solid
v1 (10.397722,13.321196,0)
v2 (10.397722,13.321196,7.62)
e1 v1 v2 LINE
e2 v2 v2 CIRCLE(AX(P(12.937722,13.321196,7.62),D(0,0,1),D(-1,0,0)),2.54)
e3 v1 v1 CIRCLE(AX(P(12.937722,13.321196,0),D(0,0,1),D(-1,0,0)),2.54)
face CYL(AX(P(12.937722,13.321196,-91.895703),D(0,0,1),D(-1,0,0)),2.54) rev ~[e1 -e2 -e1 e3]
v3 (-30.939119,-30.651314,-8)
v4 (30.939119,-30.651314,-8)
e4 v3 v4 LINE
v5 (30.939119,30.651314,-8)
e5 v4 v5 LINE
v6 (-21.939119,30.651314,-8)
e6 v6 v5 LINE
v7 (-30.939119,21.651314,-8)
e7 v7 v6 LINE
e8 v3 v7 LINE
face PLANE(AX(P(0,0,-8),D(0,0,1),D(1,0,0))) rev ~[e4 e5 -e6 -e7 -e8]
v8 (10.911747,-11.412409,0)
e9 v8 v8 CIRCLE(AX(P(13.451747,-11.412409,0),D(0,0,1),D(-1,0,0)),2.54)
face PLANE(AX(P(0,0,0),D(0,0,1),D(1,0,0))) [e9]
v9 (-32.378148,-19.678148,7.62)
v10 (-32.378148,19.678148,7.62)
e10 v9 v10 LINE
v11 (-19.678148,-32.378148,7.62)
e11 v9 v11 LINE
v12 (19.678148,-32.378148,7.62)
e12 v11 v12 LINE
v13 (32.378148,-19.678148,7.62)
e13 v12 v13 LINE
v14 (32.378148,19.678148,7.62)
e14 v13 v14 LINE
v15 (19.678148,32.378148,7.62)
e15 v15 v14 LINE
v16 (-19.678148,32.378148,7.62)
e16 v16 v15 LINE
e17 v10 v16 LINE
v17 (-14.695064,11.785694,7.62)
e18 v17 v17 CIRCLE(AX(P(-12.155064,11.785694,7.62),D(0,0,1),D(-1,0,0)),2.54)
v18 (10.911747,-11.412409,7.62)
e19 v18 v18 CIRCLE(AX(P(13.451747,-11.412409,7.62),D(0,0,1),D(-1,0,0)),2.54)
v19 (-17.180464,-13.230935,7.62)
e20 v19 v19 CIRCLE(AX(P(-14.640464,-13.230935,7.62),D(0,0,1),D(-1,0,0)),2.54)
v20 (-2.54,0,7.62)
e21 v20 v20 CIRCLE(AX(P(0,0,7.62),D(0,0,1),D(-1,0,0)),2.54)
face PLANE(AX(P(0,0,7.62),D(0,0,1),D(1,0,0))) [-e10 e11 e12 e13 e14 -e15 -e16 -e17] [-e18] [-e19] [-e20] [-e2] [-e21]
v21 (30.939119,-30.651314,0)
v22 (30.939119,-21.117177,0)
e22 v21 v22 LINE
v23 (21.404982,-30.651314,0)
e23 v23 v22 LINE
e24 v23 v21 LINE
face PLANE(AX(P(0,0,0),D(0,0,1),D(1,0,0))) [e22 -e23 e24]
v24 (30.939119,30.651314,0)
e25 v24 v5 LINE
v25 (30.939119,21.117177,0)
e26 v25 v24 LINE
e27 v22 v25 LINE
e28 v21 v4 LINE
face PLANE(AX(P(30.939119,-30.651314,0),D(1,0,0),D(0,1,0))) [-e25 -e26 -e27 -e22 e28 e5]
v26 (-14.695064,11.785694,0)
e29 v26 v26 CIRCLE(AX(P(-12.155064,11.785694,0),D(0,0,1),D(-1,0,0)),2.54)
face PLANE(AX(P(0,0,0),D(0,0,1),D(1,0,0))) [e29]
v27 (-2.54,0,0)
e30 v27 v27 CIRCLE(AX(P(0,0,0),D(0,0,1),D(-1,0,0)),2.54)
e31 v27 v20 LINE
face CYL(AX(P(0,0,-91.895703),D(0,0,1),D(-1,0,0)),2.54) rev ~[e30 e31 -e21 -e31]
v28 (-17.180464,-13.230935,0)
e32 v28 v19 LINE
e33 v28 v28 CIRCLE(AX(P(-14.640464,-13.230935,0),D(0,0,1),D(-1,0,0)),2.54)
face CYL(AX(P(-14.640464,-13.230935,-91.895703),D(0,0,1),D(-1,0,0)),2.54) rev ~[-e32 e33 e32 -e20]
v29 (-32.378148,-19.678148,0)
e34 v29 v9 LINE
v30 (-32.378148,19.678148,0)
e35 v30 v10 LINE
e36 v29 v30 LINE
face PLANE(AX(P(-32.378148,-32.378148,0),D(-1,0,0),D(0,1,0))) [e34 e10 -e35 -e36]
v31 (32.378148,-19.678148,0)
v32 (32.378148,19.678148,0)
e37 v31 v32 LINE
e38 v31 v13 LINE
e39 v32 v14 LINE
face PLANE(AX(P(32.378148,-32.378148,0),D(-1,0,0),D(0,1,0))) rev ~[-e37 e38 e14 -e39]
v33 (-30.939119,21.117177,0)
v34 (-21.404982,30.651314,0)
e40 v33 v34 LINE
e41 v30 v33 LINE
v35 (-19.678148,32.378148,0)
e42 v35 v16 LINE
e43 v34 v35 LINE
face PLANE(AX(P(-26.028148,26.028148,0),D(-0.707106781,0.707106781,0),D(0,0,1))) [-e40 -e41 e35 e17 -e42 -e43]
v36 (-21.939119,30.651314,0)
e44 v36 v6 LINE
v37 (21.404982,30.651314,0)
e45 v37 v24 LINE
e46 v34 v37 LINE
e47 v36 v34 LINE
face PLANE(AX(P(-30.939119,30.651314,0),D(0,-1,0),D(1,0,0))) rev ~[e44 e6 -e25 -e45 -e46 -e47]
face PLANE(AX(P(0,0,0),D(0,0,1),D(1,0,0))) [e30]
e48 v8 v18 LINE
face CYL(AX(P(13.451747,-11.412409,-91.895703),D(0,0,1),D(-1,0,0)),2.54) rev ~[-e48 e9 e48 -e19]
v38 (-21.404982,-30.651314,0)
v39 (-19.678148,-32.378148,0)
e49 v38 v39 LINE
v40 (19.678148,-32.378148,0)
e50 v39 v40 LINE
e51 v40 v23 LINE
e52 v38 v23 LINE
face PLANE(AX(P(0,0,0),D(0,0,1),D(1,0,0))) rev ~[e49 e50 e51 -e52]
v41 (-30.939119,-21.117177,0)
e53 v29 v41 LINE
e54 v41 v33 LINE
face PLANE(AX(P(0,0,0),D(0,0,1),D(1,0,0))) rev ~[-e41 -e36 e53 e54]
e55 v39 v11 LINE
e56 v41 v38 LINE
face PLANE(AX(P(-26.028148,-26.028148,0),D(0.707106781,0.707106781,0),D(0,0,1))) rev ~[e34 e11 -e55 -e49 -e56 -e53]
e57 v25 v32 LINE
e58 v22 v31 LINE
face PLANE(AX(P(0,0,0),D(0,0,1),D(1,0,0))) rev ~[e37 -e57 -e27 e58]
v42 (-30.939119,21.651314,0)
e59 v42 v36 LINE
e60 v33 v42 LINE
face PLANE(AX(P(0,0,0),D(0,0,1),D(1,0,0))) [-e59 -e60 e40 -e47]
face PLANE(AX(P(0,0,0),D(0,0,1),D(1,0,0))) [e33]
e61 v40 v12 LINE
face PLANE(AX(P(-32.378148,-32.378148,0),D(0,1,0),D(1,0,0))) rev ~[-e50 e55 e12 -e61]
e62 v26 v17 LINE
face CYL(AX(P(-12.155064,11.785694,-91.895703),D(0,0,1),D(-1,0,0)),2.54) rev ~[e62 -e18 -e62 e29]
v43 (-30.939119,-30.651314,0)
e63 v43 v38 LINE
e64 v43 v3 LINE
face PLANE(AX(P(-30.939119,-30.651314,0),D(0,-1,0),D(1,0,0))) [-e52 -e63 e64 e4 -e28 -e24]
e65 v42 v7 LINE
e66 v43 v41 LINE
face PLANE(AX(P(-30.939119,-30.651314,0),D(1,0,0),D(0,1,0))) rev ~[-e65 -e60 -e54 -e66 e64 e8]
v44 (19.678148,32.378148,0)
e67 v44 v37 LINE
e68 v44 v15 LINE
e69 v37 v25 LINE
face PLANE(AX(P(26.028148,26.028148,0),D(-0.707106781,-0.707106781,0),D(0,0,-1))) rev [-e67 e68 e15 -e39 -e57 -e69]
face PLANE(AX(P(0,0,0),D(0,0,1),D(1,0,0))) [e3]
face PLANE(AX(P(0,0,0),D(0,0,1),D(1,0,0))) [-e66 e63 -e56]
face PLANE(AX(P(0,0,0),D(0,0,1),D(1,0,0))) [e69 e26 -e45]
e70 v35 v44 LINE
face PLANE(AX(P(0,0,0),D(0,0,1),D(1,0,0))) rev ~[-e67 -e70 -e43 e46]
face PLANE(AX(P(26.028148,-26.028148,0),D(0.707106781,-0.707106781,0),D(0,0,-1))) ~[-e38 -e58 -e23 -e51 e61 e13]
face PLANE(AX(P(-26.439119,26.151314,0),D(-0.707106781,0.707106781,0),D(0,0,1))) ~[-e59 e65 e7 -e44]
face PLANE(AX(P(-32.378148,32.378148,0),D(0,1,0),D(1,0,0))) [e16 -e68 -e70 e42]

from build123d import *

# Parameters (mm, degrees)
F0_W      = 64.756296
F0_H      = 64.756296
F1_DEPTH  = 7.62
F2_SIZE   = 12.7
F3_SIZE   = 12.7
F4_SIZE   = 12.7
F5_SIZE   = 12.7
F12_D     = 5.08
F13_D     = 5.08
F14_D     = 5.08
F15_D     = 5.08
F6_W      = 61.878238
F6_H      = 61.302628
F16_DEPTH = 8
F17_SIZE  = 9


with BuildPart() as f1:
    # F0 (on Top) → F1 (new body)
    with BuildSketch(Plane.XY):
        Rectangle(F0_W, F0_H)
    extrude(amount=F1_DEPTH)

    # F2
    f2_edges = [f1.edges().sort_by_distance(p)[0] for p in [
        (32.378148, -32.378148, 3.81),
    ]]
    chamfer(f2_edges, length=F2_SIZE)

    # F3
    f3_edges = [f1.edges().sort_by_distance(p)[0] for p in [
        (-32.378148, 32.378148, 3.81),
    ]]
    chamfer(f3_edges, length=F3_SIZE)

    # F4
    f4_edges = [f1.edges().sort_by_distance(p)[0] for p in [
        (-32.378148, -32.378148, 3.81),
    ]]
    chamfer(f4_edges, length=F4_SIZE)

    # F5
    f5_edges = [f1.edges().sort_by_distance(p)[0] for p in [
        (32.378148, 32.378148, 3.81),
    ]]
    chamfer(f5_edges, length=F5_SIZE)

    # F12 (through all)
    with Locations(Plane(origin=(0, 0, 0), x_dir=(1, 0, 0), z_dir=(0, 0, -1))):
        with Locations((13.451747, 11.412409)):
            Hole(F12_D / 2)

    # F13 (through all)
    with Locations(Plane(origin=(0, 0, 0), x_dir=(1, 0, 0), z_dir=(0, 0, -1))):
        with Locations((12.937722, -13.321196)):
            Hole(F13_D / 2)

    # F14 (through all)
    with Locations(Plane(origin=(0, 0, 0), x_dir=(1, 0, 0), z_dir=(0, 0, -1))):
        with Locations((0, 0)):
            Hole(F14_D / 2)

    # F15 (through all)
    with Locations(Plane(origin=(0, 0, 0), x_dir=(1, 0, 0), z_dir=(0, 0, -1))):
        with Locations((-12.155064, -11.785694), (-14.640464, 13.230935)):
            Hole(F15_D / 2)

    # F6 (on Top) → F16 (join)
    with BuildSketch(Plane.XY):
        Rectangle(F6_W, F6_H)
    extrude(amount=-F16_DEPTH)

    # F17
    f17_edges = [f1.edges().sort_by_distance(p)[0] for p in [
        (-30.939119, 30.651314, -4),
    ]]
    chamfer(f17_edges, length=F17_SIZE)


solid = f1.part
